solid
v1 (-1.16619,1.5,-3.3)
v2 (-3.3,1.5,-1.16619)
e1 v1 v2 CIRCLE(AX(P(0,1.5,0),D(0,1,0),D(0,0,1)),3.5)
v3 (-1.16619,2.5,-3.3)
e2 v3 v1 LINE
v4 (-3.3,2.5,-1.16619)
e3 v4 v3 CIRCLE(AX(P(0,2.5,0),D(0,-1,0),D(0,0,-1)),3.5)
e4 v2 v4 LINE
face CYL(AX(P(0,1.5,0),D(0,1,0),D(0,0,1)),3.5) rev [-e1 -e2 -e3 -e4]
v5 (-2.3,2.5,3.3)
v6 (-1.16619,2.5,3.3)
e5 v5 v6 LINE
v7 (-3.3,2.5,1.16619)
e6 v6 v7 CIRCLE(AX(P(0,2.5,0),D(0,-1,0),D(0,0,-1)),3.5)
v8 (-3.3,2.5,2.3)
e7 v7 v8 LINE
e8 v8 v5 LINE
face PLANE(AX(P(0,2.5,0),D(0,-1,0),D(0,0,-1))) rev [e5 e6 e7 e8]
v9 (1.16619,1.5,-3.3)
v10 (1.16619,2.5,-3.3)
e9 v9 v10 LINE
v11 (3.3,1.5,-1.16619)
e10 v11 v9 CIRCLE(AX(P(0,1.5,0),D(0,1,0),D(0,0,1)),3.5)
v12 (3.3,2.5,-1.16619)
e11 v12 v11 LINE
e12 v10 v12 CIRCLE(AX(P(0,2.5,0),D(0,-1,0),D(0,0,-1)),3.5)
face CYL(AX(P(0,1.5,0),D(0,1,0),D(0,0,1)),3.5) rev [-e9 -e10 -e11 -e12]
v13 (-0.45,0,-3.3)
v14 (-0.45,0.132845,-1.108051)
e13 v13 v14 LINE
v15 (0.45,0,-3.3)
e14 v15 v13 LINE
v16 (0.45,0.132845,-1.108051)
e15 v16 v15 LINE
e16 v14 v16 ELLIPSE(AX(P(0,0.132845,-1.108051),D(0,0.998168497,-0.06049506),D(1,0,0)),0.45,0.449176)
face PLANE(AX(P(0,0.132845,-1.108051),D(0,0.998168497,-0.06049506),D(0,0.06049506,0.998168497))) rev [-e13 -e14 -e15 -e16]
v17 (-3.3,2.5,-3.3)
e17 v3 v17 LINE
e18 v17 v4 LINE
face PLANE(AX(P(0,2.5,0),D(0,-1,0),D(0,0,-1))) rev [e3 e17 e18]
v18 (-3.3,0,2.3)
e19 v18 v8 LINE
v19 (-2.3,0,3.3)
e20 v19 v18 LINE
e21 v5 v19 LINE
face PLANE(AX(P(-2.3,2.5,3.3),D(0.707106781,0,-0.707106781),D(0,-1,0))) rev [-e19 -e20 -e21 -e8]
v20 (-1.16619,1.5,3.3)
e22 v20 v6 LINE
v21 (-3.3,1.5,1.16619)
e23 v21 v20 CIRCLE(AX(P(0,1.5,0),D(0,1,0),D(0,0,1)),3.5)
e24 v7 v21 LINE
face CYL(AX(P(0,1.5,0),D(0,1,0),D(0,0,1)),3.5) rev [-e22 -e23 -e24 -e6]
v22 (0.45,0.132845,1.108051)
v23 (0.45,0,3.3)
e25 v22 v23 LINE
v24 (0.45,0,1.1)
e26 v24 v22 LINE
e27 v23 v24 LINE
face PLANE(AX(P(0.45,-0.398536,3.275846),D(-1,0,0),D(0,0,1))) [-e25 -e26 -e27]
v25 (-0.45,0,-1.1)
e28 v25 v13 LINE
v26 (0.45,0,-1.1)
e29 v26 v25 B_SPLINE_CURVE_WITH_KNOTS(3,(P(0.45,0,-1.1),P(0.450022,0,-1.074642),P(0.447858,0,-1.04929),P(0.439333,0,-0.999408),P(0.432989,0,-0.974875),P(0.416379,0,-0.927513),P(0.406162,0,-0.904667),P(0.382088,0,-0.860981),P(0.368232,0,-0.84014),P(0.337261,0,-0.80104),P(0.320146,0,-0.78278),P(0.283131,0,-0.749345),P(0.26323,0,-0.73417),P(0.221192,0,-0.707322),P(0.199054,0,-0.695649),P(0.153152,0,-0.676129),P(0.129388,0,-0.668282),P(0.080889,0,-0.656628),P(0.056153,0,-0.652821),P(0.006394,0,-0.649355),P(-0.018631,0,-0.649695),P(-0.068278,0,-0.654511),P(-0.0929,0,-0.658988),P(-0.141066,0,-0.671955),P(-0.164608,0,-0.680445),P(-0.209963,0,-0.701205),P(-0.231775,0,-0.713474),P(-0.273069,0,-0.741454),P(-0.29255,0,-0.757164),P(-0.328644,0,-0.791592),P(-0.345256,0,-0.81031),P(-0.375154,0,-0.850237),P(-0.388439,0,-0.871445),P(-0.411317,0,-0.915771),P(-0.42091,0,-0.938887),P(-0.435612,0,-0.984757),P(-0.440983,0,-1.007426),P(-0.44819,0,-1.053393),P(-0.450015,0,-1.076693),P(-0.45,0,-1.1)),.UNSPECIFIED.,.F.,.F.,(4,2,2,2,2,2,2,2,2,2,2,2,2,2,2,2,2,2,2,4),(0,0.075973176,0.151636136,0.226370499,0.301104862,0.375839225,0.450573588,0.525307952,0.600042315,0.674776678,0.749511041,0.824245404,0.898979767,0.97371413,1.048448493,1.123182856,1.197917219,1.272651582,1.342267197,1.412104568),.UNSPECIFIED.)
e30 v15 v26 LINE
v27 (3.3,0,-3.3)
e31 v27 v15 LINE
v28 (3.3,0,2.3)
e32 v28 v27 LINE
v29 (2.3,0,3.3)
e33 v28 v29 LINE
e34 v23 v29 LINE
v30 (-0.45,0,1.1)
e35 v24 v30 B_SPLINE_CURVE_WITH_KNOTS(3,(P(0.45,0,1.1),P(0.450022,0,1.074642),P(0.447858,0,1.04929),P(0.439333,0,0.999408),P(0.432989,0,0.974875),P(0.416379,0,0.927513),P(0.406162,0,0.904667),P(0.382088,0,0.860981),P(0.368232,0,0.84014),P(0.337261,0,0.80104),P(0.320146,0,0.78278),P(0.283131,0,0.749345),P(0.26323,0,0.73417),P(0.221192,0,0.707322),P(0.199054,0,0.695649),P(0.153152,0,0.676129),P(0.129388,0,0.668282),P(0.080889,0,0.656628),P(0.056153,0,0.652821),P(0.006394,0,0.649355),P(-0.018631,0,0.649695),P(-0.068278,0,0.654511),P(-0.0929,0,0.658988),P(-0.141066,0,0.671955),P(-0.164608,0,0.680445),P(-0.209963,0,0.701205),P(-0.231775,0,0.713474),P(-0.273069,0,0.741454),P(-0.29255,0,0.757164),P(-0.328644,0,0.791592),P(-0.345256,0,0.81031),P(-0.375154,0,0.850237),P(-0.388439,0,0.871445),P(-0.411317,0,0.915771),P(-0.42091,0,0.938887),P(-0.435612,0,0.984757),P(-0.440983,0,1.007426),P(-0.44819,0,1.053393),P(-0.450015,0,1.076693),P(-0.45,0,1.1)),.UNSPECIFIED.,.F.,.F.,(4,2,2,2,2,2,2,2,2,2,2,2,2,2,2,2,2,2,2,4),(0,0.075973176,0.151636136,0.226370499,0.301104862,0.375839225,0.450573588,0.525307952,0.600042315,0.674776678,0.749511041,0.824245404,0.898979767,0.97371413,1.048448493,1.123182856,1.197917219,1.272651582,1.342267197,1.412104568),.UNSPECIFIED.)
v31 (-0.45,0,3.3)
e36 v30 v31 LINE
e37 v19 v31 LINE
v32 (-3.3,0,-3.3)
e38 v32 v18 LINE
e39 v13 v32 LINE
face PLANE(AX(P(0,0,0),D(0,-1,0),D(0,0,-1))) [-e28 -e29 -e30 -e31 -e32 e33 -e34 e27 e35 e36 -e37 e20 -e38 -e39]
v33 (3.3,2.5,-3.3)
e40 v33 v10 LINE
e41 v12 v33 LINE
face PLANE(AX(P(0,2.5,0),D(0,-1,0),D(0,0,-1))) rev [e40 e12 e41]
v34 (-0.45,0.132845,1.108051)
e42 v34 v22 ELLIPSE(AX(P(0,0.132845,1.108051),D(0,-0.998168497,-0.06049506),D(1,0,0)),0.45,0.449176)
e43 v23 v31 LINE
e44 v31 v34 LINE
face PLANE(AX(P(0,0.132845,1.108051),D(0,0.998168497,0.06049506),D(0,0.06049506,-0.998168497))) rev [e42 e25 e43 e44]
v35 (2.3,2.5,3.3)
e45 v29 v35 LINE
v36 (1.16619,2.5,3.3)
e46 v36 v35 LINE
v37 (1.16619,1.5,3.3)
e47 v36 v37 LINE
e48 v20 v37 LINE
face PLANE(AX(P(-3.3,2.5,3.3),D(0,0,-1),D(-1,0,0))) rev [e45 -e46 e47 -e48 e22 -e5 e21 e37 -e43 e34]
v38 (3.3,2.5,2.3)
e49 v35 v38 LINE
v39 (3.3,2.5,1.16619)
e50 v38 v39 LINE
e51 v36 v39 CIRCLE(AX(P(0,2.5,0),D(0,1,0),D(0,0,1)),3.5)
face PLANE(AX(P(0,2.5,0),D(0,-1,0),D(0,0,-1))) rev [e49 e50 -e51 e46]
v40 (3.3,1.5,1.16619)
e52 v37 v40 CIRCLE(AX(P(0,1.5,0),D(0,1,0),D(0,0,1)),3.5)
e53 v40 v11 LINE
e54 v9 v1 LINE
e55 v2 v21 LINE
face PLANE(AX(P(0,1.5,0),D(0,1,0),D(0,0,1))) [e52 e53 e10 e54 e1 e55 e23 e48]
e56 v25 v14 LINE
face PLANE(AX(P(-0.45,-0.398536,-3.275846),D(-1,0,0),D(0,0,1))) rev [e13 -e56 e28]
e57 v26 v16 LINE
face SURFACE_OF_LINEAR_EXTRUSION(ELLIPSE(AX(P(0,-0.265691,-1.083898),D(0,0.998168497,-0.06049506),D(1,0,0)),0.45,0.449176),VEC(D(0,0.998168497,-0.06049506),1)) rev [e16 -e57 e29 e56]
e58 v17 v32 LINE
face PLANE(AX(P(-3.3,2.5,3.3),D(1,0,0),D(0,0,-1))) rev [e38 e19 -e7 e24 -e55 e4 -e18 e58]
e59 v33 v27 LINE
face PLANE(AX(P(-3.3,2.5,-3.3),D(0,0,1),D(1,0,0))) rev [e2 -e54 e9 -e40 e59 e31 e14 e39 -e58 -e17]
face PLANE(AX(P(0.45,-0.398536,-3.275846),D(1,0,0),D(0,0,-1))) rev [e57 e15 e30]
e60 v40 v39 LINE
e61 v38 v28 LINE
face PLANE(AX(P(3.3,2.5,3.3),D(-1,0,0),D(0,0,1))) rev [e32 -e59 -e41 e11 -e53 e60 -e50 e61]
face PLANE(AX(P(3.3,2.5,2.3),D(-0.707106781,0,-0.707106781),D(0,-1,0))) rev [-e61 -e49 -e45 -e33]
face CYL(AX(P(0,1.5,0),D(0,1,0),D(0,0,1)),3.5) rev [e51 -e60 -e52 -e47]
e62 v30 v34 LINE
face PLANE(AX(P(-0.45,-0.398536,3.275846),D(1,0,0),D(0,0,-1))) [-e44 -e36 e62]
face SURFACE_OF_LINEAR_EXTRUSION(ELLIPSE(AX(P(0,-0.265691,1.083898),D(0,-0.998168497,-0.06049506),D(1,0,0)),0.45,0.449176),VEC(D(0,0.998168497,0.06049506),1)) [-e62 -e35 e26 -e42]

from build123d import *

# Parameters (mm, degrees)
SKETCH1_W           = 6.6
SKETCH1_H           = 6.6
BOSS_EXTRUDE1_DEPTH = 2.5
CHAMFER1_SIZE       = 1
SKETCH3_R           = 3.5
CUT_EXTRUDE1_DEPTH  = 1
CUT_EXTRUDE3_DEPTH  = 6.210875214


with BuildPart() as part:
    # Sketch1 → Boss-Extrude1 (new body)
    with BuildSketch(Plane(origin=(0, 0, 0), x_dir=(1, 0, 0), z_dir=(0, 1, 0))):
        Rectangle(SKETCH1_W, SKETCH1_H)
    extrude(amount=BOSS_EXTRUDE1_DEPTH)

    # Chamfer1
    chamfer1_edges = [part.edges().sort_by_distance(p)[0] for p in [
        (3.3, 1.25, 3.3),
        (-3.3, 1.25, 3.3),
    ]]
    chamfer(chamfer1_edges, length=CHAMFER1_SIZE)

    # Sketch3 → Cut-Extrude1 (cut)
    with BuildSketch(Plane(origin=(0, 2.5, 0), x_dir=(1, 0, 0), z_dir=(0, 1, 0))):
        Circle(SKETCH3_R)
    extrude(amount=-CUT_EXTRUDE1_DEPTH, mode=Mode.SUBTRACT)

    # Sketch6 → Cut-Extrude3 (cut, through all)
    with BuildSketch(Plane(origin=(0, 0.19926807, -0.012076853), x_dir=(1, 0, 0), z_dir=(0, 0.9981684966311909, -0.060495060401890365))):
        with BuildLine():
            Line((-0.45, 3.293956039), (-0.45, 1.097985346))
            add(Edge.make_bspline(
                [(-0.45, 1.097985346), (-0.45, 0.648809523), (0, 0.648809523), (0.45, 0.648809523), (0.45, 1.097985346)],
                knots=[3.141592654, 3.141592654, 3.141592654, 4.71238898, 4.71238898, 6.283185307, 6.283185307, 6.283185307], degree=2, weights=[1, 0.707106781, 1, 0.707106781, 1]))
            Line((0.45, 1.097985346), (0.45, 3.293956039))
            Line((0.45, 3.293956039), (-0.45, 3.293956039))
        make_face()
    cut_extrude3 = extrude(amount=-CUT_EXTRUDE3_DEPTH, mode=Mode.SUBTRACT)

    # Mirror1: Cut-Extrude3 across plane
    add(cut_extrude3.mirror(Plane.XY), mode=Mode.SUBTRACT)


solid = part.part
